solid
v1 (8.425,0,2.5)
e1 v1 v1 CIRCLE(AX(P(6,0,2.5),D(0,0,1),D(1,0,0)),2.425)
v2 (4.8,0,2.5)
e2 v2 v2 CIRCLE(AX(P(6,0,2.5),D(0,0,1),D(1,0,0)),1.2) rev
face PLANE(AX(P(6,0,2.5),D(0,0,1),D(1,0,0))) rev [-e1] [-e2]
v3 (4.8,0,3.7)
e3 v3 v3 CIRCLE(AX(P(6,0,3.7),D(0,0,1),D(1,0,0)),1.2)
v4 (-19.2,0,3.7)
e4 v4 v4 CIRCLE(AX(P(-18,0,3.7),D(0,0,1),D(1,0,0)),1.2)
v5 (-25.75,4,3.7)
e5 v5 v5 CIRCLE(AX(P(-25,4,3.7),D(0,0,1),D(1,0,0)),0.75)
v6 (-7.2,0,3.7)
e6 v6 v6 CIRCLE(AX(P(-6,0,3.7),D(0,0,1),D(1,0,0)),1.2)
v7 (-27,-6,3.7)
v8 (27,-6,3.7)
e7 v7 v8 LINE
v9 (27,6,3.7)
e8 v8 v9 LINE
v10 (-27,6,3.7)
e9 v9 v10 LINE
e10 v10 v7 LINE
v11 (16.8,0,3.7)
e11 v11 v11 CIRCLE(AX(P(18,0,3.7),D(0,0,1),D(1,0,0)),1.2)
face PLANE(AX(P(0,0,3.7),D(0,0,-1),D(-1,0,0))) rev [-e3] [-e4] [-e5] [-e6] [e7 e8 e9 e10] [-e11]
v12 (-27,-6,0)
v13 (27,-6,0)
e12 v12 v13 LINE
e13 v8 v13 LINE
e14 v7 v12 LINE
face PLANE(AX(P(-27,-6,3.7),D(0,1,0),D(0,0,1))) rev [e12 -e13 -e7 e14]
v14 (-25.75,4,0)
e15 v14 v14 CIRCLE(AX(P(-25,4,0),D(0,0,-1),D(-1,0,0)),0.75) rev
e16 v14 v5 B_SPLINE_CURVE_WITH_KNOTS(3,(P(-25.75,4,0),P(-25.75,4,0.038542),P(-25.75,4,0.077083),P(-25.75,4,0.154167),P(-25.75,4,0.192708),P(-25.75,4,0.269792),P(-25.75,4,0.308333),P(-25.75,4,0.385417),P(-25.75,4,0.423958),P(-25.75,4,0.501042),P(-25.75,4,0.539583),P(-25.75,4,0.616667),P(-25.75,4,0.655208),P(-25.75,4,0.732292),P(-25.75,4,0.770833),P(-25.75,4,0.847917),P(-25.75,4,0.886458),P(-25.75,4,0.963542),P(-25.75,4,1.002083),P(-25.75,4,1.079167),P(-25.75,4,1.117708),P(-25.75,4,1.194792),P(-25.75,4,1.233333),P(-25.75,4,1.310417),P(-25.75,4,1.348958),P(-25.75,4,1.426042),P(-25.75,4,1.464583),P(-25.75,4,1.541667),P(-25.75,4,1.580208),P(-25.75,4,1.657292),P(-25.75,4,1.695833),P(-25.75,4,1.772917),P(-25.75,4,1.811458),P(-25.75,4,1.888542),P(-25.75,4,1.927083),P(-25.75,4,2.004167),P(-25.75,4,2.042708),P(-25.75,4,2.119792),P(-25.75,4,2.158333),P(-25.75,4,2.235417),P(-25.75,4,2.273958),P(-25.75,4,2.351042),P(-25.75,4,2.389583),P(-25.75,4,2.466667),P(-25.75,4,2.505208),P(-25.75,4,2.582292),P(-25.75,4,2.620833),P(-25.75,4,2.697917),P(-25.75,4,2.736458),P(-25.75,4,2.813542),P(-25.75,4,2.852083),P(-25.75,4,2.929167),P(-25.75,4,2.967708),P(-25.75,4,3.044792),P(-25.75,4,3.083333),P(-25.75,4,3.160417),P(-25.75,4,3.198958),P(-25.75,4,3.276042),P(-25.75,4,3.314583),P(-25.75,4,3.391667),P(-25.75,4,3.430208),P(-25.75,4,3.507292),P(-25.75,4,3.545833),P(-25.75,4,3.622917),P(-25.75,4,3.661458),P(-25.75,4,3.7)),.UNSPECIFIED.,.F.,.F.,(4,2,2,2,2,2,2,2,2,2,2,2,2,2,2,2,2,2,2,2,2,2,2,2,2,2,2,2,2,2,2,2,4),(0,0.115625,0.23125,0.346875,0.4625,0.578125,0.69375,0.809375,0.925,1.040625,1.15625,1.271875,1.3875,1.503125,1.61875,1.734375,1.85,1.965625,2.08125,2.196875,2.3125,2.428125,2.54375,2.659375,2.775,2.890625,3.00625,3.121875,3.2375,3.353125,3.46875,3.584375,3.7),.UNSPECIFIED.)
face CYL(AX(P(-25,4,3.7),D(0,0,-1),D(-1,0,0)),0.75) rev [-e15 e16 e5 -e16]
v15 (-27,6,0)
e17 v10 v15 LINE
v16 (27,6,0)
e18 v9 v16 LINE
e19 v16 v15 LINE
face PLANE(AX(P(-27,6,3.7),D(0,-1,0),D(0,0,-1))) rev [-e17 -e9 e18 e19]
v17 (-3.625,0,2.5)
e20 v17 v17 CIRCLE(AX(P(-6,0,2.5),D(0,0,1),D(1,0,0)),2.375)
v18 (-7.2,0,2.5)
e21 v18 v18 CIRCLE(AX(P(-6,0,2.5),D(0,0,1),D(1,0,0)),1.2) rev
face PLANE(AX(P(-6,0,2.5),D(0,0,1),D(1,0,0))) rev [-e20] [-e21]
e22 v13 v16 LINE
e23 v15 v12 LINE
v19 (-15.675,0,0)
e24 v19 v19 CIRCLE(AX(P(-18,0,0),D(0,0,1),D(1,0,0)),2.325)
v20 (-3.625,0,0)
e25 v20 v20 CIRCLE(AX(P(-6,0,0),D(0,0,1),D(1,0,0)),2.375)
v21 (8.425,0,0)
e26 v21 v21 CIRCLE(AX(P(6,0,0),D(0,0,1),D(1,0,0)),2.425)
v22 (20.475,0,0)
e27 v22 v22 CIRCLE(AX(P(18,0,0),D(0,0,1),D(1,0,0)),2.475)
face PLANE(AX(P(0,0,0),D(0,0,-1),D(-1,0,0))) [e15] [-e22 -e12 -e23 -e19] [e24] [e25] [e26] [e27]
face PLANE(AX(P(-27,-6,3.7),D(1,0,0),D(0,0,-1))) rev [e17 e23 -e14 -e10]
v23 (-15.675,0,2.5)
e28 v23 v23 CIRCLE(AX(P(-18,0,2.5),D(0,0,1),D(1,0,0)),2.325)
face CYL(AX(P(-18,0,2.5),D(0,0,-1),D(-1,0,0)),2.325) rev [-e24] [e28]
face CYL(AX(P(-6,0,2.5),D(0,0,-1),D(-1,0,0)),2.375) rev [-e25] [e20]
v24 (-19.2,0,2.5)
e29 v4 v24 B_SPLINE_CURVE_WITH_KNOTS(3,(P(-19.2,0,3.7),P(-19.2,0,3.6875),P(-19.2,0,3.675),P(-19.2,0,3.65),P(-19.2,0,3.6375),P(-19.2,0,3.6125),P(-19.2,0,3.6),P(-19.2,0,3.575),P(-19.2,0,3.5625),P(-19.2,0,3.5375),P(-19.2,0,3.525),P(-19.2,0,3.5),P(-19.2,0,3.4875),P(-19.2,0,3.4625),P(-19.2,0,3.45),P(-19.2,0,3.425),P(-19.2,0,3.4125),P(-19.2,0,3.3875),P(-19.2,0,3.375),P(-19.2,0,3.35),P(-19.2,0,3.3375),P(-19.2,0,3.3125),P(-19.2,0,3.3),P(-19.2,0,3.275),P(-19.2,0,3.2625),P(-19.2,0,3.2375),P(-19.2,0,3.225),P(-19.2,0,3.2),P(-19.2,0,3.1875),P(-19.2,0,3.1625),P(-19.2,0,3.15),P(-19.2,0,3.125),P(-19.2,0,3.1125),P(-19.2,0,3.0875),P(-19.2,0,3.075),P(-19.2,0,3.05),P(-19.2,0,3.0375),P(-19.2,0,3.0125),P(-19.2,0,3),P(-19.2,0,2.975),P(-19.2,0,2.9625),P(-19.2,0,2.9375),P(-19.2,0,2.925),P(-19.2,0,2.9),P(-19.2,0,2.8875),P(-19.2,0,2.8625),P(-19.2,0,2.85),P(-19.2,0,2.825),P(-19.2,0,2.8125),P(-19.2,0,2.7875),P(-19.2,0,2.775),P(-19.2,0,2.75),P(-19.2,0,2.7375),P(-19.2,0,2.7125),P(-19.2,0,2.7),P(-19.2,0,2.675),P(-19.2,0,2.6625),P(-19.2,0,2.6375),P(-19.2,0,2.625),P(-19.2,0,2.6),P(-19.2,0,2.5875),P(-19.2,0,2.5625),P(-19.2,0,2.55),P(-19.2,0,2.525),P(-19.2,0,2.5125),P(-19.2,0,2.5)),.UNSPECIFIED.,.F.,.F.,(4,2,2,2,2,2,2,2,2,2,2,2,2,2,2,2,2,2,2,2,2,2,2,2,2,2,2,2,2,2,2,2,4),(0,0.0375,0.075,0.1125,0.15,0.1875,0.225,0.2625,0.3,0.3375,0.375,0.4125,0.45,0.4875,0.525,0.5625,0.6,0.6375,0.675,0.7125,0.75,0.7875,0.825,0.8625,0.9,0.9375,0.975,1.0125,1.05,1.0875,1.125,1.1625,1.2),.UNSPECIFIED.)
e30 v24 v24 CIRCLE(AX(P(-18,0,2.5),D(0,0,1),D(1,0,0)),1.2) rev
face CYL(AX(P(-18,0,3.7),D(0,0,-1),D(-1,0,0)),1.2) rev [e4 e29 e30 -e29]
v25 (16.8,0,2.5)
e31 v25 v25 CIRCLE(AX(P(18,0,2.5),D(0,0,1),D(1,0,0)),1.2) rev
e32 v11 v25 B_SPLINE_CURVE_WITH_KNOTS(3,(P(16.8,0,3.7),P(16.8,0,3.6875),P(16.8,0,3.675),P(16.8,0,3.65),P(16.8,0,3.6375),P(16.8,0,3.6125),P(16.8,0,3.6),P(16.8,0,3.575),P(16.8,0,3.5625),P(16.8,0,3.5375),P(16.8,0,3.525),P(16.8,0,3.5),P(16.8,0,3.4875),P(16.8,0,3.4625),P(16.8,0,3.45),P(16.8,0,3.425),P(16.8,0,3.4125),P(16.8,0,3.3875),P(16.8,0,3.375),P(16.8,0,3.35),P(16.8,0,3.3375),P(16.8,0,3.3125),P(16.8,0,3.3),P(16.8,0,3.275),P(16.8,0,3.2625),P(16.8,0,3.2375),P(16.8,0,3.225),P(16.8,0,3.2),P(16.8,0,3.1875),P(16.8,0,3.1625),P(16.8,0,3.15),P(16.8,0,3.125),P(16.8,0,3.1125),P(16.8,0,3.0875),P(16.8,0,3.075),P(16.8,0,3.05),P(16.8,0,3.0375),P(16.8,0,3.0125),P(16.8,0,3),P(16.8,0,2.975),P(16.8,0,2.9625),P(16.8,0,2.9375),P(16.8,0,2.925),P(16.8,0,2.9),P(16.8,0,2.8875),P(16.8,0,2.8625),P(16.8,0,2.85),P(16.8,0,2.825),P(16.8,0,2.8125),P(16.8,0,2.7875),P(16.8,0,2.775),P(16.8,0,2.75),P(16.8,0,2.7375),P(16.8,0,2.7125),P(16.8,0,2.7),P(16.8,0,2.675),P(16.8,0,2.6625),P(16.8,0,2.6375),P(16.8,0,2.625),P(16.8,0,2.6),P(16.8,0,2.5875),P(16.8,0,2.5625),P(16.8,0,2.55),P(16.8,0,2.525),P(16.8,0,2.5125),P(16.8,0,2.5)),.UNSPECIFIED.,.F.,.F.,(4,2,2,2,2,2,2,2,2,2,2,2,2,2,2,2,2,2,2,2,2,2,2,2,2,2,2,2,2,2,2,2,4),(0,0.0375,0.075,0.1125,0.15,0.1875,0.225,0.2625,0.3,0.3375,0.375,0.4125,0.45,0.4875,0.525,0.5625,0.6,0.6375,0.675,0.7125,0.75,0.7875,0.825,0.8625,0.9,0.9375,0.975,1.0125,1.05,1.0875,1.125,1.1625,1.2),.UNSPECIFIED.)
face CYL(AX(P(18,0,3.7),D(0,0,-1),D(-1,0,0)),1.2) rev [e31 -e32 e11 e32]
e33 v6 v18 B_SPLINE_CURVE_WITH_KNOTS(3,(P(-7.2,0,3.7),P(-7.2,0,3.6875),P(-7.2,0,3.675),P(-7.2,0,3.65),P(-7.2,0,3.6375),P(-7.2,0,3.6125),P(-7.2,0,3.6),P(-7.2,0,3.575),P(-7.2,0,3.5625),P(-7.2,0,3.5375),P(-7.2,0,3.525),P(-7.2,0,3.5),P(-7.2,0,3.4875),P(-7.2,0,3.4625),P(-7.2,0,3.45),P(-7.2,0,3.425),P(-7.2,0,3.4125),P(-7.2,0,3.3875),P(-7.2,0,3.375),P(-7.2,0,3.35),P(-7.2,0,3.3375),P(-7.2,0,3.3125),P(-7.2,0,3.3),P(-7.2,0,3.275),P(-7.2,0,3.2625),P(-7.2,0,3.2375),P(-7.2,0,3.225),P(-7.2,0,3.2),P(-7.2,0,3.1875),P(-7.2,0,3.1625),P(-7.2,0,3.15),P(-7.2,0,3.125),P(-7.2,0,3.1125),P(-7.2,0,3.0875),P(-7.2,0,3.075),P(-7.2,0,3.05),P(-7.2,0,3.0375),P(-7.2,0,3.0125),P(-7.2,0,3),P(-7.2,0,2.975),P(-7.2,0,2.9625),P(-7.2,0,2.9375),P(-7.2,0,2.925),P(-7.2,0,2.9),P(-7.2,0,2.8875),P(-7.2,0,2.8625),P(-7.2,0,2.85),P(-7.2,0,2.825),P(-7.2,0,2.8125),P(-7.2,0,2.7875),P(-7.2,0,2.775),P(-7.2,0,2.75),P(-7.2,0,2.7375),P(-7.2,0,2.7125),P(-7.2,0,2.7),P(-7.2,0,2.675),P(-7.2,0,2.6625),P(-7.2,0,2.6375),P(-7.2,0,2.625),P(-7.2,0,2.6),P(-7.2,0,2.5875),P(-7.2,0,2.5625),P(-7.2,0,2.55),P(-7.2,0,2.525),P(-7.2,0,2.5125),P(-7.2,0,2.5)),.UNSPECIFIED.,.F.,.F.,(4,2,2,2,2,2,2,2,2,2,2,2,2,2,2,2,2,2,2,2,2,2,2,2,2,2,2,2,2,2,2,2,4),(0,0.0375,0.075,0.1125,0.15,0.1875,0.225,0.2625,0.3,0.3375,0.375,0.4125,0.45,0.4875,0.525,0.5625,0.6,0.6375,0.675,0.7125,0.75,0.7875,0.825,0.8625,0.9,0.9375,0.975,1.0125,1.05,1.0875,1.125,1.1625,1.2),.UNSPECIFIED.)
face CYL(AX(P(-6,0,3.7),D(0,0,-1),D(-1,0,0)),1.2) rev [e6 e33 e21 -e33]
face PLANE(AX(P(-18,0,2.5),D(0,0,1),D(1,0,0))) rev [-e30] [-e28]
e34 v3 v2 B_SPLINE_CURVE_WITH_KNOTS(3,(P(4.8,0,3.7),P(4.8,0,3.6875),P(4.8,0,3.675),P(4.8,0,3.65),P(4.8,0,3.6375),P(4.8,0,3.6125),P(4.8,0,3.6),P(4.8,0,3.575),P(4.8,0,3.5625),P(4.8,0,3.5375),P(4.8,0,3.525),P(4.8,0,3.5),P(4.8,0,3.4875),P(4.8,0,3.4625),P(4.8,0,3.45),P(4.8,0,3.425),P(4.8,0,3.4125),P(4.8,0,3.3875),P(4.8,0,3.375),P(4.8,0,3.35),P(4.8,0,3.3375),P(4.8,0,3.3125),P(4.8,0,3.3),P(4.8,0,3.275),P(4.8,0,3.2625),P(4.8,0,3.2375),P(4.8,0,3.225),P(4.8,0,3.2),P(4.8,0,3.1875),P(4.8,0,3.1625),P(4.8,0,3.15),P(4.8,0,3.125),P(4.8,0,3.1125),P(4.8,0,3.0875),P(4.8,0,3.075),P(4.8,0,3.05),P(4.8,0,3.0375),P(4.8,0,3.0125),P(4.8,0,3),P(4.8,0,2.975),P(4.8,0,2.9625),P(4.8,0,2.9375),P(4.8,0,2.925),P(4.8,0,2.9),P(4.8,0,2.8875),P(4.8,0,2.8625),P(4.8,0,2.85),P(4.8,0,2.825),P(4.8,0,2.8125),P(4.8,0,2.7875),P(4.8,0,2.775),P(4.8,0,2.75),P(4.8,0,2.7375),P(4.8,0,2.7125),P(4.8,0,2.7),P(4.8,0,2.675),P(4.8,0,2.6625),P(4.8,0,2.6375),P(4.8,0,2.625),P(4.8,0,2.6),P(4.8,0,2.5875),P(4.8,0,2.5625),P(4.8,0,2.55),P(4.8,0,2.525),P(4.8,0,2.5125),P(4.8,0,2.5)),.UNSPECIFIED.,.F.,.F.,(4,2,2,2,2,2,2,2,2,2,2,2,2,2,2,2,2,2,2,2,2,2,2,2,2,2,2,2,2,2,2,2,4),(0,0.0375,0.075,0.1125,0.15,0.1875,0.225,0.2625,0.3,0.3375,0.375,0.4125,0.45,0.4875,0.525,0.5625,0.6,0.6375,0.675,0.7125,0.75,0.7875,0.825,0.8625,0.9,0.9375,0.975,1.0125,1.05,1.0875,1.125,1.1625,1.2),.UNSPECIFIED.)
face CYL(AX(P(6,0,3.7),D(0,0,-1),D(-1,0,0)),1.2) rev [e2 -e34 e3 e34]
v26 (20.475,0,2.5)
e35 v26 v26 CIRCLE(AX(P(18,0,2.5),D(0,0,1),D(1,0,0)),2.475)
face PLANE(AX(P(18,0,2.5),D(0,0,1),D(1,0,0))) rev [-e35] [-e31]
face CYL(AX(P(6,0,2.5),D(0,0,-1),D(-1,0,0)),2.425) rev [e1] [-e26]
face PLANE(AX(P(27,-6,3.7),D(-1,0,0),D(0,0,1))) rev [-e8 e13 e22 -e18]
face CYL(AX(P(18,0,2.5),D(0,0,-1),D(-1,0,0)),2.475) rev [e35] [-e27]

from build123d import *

# Parameters (mm, degrees)
COUPON_BAR_54X12X3P7_PROFILE_W                 = 54
COUPON_BAR_54X12X3P7_PROFILE_H                 = 12
COUPON_BAR_54X12X3P7_DEPTH                     = 3.7
PRESS_SOCKETS_4P65_4P75_4P85_4P95_DE_2_R       = 2.325
PRESS_SOCKETS_4P65_4P75_4P85_4P95_DE_2_R_2     = 2.375
PRESS_SOCKETS_4P65_4P75_4P85_4P95_DE_2_R_3     = 2.425
PRESS_SOCKETS_4P65_4P75_4P85_4P95_DE_2_R_4     = 2.475
PRESS_SOCKETS_4P65_4P75_4P85_4P95_DEPTH2_DEPTH = 2.5
M2_CENTRE_SCREW_CLEARANCE_START                = -50
M2_CENTRE_SCREW_CLEARANCE_PROFILE_R            = 1.2
M2_CENTRE_SCREW_CLEARANCE_DEPTH                = 78.90501747
ORIENTATION_MARK_AT_SMALLEST_SOCKET_START      = -50
ORIENTATION_MARK_AT_SMALLEST_SOCKET_PROF_R     = 0.75
ORIENTATION_MARK_AT_SMALLEST_SOCKET_DEPTH      = 78.90501747


with BuildPart() as part:
    # Coupon_bar_54x12x3p7_profile → Coupon_bar_54x12x3p7 (new body)
    with BuildSketch(Plane.XY):
        Rectangle(COUPON_BAR_54X12X3P7_PROFILE_W, COUPON_BAR_54X12X3P7_PROFILE_H)
    extrude(amount=COUPON_BAR_54X12X3P7_DEPTH)

    # Press_sockets_4p65_4p75_4p85_4p95_de 2 → Press_sockets_4p65_4p75_4p85_4p95_depth2 (cut)
    with BuildSketch(Plane.XY):
        with Locations((-18, 0)):
            Circle(PRESS_SOCKETS_4P65_4P75_4P85_4P95_DE_2_R)
        with Locations((-6, 0)):
            Circle(PRESS_SOCKETS_4P65_4P75_4P85_4P95_DE_2_R_2)
        with Locations((6, 0)):
            Circle(PRESS_SOCKETS_4P65_4P75_4P85_4P95_DE_2_R_3)
        with Locations((18, 0)):
            Circle(PRESS_SOCKETS_4P65_4P75_4P85_4P95_DE_2_R_4)
    extrude(amount=PRESS_SOCKETS_4P65_4P75_4P85_4P95_DEPTH2_DEPTH, mode=Mode.SUBTRACT)

    # M2_centre_screw_clearance_profile → M2_centre_screw_clearance (cut, through all)
    with BuildSketch(Plane.XY.offset(M2_CENTRE_SCREW_CLEARANCE_START)):
        with Locations(Location((-18, 0, 0), (0, 0, 180))):
            Circle(M2_CENTRE_SCREW_CLEARANCE_PROFILE_R)
        with Locations(Location((-6, 0, 0), (0, 0, 180))):
            Circle(M2_CENTRE_SCREW_CLEARANCE_PROFILE_R)
        with Locations(Location((6, 0, 0), (0, 0, 180))):
            Circle(M2_CENTRE_SCREW_CLEARANCE_PROFILE_R)
        with Locations(Location((18, 0, 0), (0, 0, 180))):
            Circle(M2_CENTRE_SCREW_CLEARANCE_PROFILE_R)
    extrude(amount=M2_CENTRE_SCREW_CLEARANCE_DEPTH, mode=Mode.SUBTRACT)

    # Orientation_mark_at_smallest_socket_profile → Orientation_mark_at_smallest_socket (cut, through all)
    with BuildSketch(Plane.XY.offset(ORIENTATION_MARK_AT_SMALLEST_SOCKET_START)):
        with Locations(Location((-25, 4, 0), (0, 0, 180))):
            Circle(ORIENTATION_MARK_AT_SMALLEST_SOCKET_PROF_R)
    extrude(amount=ORIENTATION_MARK_AT_SMALLEST_SOCKET_DEPTH, mode=Mode.SUBTRACT)


solid = part.part
